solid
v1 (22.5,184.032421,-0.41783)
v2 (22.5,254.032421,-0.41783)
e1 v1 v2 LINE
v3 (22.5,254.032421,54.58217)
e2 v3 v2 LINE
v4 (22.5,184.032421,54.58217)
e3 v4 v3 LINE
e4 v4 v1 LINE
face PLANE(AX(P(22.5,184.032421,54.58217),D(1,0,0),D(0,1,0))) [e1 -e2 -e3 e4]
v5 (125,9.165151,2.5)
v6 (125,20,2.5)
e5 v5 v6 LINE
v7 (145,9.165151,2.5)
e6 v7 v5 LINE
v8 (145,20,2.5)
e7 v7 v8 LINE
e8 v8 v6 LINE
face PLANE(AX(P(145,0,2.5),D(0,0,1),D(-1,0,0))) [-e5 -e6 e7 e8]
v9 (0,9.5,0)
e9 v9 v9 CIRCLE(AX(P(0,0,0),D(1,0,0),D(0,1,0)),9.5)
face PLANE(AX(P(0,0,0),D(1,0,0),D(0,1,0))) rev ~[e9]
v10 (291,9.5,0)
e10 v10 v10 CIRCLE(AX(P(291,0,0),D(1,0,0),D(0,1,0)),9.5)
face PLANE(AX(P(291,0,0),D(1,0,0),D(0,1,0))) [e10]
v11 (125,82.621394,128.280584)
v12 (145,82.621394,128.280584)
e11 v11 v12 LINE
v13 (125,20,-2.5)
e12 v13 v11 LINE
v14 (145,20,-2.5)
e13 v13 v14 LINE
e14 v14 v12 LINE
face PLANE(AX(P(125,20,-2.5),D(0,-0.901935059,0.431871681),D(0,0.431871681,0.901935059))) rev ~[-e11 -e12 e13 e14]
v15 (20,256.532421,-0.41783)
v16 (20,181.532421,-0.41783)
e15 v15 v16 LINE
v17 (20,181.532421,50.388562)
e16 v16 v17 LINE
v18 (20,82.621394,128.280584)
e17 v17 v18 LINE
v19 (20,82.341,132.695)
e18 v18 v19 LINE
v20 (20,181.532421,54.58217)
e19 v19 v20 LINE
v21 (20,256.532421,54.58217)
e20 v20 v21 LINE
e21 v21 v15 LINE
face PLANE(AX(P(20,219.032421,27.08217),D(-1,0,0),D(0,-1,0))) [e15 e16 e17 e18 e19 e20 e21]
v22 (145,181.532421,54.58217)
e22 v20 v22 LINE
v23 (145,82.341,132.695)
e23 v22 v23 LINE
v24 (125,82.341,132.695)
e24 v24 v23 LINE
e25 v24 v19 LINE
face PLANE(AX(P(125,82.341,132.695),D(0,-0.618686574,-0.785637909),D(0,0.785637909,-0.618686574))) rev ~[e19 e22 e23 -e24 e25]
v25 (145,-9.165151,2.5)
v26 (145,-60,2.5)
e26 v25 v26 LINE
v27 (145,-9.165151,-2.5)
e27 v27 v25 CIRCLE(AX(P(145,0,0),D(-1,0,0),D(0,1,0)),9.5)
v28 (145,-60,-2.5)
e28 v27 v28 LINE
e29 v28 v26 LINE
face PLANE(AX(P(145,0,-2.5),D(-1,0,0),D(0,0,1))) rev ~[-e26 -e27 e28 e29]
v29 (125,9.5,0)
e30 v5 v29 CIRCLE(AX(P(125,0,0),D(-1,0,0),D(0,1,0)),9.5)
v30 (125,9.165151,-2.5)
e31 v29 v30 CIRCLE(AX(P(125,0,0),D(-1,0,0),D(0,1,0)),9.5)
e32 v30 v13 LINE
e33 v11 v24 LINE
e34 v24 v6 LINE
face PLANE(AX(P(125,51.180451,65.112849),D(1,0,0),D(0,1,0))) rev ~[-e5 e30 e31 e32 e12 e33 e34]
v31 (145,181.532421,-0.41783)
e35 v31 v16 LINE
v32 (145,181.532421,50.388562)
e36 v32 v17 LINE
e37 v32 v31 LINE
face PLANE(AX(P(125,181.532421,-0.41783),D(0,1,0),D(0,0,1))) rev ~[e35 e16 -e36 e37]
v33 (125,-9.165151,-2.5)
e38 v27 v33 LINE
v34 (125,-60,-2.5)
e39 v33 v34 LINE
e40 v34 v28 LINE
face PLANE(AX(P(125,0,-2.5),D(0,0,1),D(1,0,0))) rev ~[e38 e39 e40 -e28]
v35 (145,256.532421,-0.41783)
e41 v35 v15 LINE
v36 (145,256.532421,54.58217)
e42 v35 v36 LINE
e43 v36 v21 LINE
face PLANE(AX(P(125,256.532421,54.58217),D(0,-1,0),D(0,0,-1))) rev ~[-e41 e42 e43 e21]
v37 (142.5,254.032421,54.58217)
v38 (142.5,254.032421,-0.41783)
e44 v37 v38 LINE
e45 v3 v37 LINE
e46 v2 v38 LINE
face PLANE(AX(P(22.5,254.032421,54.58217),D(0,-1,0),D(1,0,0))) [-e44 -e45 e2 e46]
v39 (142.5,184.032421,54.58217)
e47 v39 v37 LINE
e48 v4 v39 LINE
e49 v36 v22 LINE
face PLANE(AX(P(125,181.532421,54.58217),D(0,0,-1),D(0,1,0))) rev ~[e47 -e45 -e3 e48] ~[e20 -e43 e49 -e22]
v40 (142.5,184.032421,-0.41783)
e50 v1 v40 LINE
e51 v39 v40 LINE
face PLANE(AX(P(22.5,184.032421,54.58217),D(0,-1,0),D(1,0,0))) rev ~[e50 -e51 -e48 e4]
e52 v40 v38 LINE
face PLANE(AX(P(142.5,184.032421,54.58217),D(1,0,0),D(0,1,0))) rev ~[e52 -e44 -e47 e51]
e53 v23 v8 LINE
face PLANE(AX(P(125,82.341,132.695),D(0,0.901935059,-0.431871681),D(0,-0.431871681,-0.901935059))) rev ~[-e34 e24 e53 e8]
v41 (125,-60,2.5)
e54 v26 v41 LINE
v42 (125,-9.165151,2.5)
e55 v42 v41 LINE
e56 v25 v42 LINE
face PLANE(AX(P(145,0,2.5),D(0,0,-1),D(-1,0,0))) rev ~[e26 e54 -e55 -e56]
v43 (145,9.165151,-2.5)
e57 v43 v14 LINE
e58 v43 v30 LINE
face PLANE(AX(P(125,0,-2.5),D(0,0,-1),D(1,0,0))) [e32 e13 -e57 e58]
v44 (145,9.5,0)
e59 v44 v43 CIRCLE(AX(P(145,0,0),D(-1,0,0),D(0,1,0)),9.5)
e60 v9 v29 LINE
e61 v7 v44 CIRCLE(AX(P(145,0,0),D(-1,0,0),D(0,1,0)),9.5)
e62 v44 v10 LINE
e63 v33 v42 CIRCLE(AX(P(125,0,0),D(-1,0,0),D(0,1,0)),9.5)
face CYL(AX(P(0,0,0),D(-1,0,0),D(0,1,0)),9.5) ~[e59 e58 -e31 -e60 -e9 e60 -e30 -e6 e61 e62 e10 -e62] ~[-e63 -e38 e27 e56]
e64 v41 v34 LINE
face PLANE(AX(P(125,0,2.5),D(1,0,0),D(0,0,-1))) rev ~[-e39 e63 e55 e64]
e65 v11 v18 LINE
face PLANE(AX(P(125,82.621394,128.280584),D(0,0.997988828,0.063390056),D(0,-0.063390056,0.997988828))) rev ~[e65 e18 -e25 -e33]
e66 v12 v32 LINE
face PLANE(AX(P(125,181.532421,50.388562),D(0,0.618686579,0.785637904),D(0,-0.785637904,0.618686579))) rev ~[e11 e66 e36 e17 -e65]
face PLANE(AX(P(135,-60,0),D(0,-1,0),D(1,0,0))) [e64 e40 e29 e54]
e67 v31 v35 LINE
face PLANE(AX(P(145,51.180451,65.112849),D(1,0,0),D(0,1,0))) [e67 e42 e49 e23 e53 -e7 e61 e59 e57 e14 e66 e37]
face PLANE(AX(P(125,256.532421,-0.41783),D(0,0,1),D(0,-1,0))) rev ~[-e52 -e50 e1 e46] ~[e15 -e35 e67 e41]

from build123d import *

# Parameters (mm, degrees)
F0_R      = 9.5
F1_DEPTH  = 291
F3_DEPTH  = 60
F4_DEPTH  = 20
F7_DEPTH  = 20
F8_DEPTH  = 20
F10_DEPTH = 105
F11_W     = 120
F11_H     = 70
F12_DEPTH = 149.5


with BuildPart() as f1:
    # F0 (on Right) → F1 (new body)
    with BuildSketch(Plane.YZ):
        Circle(F0_R)
    extrude(amount=F1_DEPTH)

    # F2 (on Front) → F3 (join)
    with BuildSketch(Plane.XZ):
        Polygon((125, -2.5), (145, -2.5), (145, 2.5), (125, 2.5), (125, 0), align=None)
    extrude(amount=F3_DEPTH)

    # F2 (on Front) → F4 (join)
    with BuildSketch(Plane.XZ):
        Polygon((125, -2.5), (145, -2.5), (145, 2.5), (125, 2.5), (125, 0), align=None)
    extrude(amount=-F4_DEPTH)

    # F6 (on offset) → F7 (join)
    with BuildSketch(Plane.YZ.offset(125)):
        Polygon((20, 2.5), (20, 0), (20, -2.5), (82.621394, 128.280584), (82.341, 132.695), align=None)
    extrude(amount=F7_DEPTH)

    # F6 (on offset) → F8 (join)
    with BuildSketch(Plane.YZ.offset(125)):
        Polygon((20, 2.5), (20, 0), (20, -2.5), (82.621394, 128.280584), (82.341, 132.695), align=None)
        Polygon((181.532421, 54.58217), (82.341, 132.695), (82.621394, 128.280584), (181.532421, 50.388562), align=None)
        Polygon((256.532421, 54.58217), (181.532421, 54.58217), (181.532421, 50.388562), (181.532421, -0.41783), (256.532421, -0.41783), align=None)
    extrude(amount=F8_DEPTH)

    # F9 (on face) → F10 (join)
    with BuildSketch(Plane(origin=(125, 0, 0), x_dir=(0, -1, 0), z_dir=(-1, 0, 0))):
        Polygon((-181.532421, 54.58217), (-256.532421, 54.58217), (-256.532421, -0.41783), (-181.532421, -0.41783), (-181.532421, 50.388562), align=None)
        Polygon((-82.341, 132.695), (-181.532421, 54.58217), (-181.532421, 50.388562), (-82.621394, 128.280584), align=None)
    extrude(amount=F10_DEPTH)

    # F11 (on face) → F12 (cut)
    with BuildSketch(Plane.XY.offset(54.58217)):
        with Locations((82.5, 219.032421)):
            Rectangle(F11_W, F11_H)
    extrude(amount=-F12_DEPTH, mode=Mode.SUBTRACT)


solid = f1.part
